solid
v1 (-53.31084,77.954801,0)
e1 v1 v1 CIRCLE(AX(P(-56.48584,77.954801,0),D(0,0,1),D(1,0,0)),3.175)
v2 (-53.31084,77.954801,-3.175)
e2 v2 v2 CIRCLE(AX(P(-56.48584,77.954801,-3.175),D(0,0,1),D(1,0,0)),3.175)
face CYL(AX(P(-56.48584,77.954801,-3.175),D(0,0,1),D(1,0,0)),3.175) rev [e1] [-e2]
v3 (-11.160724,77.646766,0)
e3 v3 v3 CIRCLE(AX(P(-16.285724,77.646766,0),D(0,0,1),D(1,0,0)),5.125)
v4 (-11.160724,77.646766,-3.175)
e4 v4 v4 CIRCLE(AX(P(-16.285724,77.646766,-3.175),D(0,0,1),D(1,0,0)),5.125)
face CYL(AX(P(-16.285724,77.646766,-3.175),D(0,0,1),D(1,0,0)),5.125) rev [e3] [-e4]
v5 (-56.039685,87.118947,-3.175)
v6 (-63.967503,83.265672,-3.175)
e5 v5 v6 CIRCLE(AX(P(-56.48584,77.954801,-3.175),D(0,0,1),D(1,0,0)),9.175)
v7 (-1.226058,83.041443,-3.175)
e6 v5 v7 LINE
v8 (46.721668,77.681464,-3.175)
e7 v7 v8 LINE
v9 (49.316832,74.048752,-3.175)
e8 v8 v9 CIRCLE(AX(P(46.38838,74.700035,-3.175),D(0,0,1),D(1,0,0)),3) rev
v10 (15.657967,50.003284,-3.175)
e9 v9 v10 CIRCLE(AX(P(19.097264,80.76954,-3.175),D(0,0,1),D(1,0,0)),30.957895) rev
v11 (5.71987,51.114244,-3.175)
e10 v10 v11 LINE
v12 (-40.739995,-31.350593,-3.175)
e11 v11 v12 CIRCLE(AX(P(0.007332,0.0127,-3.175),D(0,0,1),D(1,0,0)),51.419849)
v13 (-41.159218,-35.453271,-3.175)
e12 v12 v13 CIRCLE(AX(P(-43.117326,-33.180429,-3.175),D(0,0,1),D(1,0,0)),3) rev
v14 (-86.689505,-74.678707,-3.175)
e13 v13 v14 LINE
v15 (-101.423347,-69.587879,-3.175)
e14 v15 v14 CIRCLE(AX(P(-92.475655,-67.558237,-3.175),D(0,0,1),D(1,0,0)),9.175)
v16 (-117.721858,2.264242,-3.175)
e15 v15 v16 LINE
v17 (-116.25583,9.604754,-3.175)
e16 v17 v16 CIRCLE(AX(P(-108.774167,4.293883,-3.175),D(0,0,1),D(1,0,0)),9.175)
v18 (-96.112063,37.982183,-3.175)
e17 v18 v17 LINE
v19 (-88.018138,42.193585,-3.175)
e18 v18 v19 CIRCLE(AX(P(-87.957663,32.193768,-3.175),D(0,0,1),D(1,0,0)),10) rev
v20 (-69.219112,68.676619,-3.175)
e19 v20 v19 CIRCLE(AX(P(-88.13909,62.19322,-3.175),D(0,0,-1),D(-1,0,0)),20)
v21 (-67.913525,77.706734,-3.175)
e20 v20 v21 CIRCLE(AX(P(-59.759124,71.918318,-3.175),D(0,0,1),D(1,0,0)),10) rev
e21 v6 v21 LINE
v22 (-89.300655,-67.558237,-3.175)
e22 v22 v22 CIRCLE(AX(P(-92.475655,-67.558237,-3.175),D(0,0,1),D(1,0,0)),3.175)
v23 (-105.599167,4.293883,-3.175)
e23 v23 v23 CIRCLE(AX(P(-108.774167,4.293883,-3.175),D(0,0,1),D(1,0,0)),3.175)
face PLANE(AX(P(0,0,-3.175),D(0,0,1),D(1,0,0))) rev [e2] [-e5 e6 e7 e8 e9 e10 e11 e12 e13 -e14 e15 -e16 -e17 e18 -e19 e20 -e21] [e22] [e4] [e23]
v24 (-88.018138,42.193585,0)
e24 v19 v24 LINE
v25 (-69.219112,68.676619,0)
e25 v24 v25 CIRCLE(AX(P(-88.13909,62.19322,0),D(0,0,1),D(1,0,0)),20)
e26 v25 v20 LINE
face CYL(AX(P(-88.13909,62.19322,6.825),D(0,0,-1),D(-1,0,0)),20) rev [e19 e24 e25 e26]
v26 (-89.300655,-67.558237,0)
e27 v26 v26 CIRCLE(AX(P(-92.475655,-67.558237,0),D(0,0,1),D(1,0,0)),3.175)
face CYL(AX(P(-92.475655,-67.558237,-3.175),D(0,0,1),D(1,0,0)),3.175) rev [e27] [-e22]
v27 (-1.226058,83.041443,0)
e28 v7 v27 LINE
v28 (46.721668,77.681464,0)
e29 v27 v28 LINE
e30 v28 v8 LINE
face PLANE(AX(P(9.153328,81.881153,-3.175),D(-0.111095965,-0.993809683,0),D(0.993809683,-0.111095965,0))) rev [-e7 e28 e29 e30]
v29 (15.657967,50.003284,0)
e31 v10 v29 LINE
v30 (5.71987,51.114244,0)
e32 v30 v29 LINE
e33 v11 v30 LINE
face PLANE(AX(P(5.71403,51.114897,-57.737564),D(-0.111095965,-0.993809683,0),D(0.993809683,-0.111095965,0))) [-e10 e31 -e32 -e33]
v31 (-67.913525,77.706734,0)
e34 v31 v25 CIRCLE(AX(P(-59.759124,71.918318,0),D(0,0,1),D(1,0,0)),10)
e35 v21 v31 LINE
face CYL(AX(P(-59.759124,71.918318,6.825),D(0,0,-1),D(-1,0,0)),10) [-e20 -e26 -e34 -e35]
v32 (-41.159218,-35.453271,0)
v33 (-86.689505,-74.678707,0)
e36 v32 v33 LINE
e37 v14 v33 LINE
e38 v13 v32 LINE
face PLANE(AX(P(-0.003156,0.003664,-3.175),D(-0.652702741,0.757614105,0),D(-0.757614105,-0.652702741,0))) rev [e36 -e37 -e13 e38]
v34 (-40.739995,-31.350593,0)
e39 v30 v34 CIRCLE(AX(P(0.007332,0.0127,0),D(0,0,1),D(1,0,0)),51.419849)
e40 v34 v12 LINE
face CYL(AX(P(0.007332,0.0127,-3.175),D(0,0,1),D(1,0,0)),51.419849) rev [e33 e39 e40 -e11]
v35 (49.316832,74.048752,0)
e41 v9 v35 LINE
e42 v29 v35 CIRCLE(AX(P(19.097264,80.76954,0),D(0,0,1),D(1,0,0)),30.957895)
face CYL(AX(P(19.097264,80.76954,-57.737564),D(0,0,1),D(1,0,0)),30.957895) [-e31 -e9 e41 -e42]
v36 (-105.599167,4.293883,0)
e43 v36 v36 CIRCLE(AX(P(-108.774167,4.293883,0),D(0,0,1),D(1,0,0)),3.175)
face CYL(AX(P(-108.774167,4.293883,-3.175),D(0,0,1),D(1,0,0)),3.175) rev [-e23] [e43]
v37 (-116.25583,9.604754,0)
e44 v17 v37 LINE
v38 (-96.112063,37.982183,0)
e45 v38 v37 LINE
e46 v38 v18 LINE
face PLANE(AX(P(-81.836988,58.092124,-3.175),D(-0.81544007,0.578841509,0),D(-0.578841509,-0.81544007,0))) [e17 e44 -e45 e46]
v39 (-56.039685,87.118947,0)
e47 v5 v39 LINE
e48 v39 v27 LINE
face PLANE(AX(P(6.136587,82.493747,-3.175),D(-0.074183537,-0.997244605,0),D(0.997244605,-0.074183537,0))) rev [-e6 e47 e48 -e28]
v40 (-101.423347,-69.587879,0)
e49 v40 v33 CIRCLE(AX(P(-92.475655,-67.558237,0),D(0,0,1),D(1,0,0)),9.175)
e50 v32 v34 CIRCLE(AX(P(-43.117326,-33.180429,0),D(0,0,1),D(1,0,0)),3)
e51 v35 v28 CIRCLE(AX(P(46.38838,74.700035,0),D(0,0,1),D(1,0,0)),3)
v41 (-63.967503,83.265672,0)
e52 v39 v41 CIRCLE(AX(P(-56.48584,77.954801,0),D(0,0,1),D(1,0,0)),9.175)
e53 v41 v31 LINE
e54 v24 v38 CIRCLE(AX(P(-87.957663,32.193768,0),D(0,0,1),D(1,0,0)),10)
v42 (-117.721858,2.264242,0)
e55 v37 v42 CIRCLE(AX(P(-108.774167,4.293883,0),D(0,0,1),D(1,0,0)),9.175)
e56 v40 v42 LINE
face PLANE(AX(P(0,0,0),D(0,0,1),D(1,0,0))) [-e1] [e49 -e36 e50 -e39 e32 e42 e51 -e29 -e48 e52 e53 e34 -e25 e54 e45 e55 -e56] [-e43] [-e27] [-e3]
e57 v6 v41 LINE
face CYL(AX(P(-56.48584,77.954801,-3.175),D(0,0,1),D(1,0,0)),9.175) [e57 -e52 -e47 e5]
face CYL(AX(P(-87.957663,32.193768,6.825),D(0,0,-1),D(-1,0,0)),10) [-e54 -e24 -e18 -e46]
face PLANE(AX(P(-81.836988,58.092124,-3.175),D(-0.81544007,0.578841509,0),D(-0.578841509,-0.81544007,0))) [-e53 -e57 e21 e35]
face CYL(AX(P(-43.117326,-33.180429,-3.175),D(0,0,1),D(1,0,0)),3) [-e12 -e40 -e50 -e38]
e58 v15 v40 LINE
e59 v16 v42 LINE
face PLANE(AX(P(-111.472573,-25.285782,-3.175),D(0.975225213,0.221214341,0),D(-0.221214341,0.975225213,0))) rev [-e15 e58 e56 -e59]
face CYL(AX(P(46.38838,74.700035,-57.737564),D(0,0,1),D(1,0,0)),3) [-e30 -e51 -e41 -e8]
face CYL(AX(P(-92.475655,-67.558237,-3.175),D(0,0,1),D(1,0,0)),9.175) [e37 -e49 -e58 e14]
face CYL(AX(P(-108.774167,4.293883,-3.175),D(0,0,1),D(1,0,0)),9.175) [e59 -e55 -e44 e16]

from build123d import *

# Parameters (mm, degrees)
SKETCH1_R           = 5.125
SKETCH1_R_2         = 3.175
BOSS_EXTRUDE1_DEPTH = 3.175
BOSS_EXTRUDE2_DEPTH = 3.175
FILLET1_R           = 3
FILLET2_R           = 3
SKETCH3_R           = 20
CUT_EXTRUDE1_DEPTH  = 10
FILLET3_R           = 10


with BuildPart() as part:
    # Sketch1 → Boss-Extrude1 (new body)
    with BuildSketch(Plane.XY):
        with BuildLine():
            Line((9.15916732, 81.880500013), (-1.226057593, 83.041443199))
            Line((-1.226057593, 83.041443199), (-56.039685464, 87.118947137))
            ThreePointArc((-56.039685464, 87.118947137), (-60.496641192, 86.206716079), (-63.967502721, 83.265672028))
            Line((-63.967502721, 83.265672028), (-116.255829355, 9.604754379))
            ThreePointArc((-116.255829355, 9.604754379), (-117.771483022, 6.090804864), (-117.721858217, 2.264241835))
            Line((-117.721858217, 2.264241835), (-101.423346554, -69.587878569))
            ThreePointArc((-101.423346554, -69.587878569), (-95.471980909, -76.230183562), (-86.689504727, -74.678706588))
            Line((-86.689504727, -74.678706588), (-38.949070428, -33.549176271))
            ThreePointArc((-38.949070428, -33.549176271), (-45.470819677, 24.007252392), (5.719870058, 51.114243705))
            Line((5.719870058, 51.114243705), (9.15916732, 81.880500013))
        make_face()
        with Locations((-16.285724201, 77.64676563)):
            Circle(SKETCH1_R, mode=Mode.SUBTRACT)
        with Locations((-56.48584008, 77.954801184)):
            Circle(SKETCH1_R_2, mode=Mode.SUBTRACT)
        with Locations((-108.774166869, 4.293883316)):
            Circle(SKETCH1_R_2, mode=Mode.SUBTRACT)
        with Locations((-92.47565523, -67.558236985)):
            Circle(SKETCH1_R_2, mode=Mode.SUBTRACT)
    extrude(amount=-BOSS_EXTRUDE1_DEPTH)

    # Sketch2 → Boss-Extrude2 (add)
    with BuildSketch(Plane.XY):
        with BuildLine():
            Line((9.15916732, 81.880500013), (5.719870058, 51.114243705))
            Line((5.719870058, 51.114243705), (15.657966891, 50.003284059))
            ThreePointArc((15.657966891, 50.003284059), (38.420342204, 56.582561483), (49.863520461, 77.330243105))
            Line((49.863520461, 77.330243105), (9.15916732, 81.880500013))
        make_face()
    extrude(amount=-BOSS_EXTRUDE2_DEPTH)

    # Fillet1
    fillet1_edges = [part.edges().sort_by_distance(p)[0] for p in [
        (49.863520461, 77.330243105, -1.5875),
    ]]
    fillet(fillet1_edges, radius=FILLET1_R)

    # Fillet2
    fillet2_edges = [part.edges().sort_by_distance(p)[0] for p in [
        (-38.949070428, -33.549176271, -1.5875),
    ]]
    fillet(fillet2_edges, radius=FILLET2_R)

    # Sketch3 → Cut-Extrude1 (cut)
    with BuildSketch(Plane(origin=(0, 0, -3.175), x_dir=(-1, 0, 0), z_dir=(0, 0, -1))):
        with Locations((88.139089591, 62.193219725)):
            Circle(SKETCH3_R)
    extrude(amount=-CUT_EXTRUDE1_DEPTH, mode=Mode.SUBTRACT)

    # Fillet3
    fillet3_edges = [part.edges().sort_by_distance(p)[0] for p in [
        (-71.283801873, 72.958872327, -1.5875),
        (-92.741786186, 42.730044649, -1.5875),
    ]]
    fillet(fillet3_edges, radius=FILLET3_R)


solid = part.part
